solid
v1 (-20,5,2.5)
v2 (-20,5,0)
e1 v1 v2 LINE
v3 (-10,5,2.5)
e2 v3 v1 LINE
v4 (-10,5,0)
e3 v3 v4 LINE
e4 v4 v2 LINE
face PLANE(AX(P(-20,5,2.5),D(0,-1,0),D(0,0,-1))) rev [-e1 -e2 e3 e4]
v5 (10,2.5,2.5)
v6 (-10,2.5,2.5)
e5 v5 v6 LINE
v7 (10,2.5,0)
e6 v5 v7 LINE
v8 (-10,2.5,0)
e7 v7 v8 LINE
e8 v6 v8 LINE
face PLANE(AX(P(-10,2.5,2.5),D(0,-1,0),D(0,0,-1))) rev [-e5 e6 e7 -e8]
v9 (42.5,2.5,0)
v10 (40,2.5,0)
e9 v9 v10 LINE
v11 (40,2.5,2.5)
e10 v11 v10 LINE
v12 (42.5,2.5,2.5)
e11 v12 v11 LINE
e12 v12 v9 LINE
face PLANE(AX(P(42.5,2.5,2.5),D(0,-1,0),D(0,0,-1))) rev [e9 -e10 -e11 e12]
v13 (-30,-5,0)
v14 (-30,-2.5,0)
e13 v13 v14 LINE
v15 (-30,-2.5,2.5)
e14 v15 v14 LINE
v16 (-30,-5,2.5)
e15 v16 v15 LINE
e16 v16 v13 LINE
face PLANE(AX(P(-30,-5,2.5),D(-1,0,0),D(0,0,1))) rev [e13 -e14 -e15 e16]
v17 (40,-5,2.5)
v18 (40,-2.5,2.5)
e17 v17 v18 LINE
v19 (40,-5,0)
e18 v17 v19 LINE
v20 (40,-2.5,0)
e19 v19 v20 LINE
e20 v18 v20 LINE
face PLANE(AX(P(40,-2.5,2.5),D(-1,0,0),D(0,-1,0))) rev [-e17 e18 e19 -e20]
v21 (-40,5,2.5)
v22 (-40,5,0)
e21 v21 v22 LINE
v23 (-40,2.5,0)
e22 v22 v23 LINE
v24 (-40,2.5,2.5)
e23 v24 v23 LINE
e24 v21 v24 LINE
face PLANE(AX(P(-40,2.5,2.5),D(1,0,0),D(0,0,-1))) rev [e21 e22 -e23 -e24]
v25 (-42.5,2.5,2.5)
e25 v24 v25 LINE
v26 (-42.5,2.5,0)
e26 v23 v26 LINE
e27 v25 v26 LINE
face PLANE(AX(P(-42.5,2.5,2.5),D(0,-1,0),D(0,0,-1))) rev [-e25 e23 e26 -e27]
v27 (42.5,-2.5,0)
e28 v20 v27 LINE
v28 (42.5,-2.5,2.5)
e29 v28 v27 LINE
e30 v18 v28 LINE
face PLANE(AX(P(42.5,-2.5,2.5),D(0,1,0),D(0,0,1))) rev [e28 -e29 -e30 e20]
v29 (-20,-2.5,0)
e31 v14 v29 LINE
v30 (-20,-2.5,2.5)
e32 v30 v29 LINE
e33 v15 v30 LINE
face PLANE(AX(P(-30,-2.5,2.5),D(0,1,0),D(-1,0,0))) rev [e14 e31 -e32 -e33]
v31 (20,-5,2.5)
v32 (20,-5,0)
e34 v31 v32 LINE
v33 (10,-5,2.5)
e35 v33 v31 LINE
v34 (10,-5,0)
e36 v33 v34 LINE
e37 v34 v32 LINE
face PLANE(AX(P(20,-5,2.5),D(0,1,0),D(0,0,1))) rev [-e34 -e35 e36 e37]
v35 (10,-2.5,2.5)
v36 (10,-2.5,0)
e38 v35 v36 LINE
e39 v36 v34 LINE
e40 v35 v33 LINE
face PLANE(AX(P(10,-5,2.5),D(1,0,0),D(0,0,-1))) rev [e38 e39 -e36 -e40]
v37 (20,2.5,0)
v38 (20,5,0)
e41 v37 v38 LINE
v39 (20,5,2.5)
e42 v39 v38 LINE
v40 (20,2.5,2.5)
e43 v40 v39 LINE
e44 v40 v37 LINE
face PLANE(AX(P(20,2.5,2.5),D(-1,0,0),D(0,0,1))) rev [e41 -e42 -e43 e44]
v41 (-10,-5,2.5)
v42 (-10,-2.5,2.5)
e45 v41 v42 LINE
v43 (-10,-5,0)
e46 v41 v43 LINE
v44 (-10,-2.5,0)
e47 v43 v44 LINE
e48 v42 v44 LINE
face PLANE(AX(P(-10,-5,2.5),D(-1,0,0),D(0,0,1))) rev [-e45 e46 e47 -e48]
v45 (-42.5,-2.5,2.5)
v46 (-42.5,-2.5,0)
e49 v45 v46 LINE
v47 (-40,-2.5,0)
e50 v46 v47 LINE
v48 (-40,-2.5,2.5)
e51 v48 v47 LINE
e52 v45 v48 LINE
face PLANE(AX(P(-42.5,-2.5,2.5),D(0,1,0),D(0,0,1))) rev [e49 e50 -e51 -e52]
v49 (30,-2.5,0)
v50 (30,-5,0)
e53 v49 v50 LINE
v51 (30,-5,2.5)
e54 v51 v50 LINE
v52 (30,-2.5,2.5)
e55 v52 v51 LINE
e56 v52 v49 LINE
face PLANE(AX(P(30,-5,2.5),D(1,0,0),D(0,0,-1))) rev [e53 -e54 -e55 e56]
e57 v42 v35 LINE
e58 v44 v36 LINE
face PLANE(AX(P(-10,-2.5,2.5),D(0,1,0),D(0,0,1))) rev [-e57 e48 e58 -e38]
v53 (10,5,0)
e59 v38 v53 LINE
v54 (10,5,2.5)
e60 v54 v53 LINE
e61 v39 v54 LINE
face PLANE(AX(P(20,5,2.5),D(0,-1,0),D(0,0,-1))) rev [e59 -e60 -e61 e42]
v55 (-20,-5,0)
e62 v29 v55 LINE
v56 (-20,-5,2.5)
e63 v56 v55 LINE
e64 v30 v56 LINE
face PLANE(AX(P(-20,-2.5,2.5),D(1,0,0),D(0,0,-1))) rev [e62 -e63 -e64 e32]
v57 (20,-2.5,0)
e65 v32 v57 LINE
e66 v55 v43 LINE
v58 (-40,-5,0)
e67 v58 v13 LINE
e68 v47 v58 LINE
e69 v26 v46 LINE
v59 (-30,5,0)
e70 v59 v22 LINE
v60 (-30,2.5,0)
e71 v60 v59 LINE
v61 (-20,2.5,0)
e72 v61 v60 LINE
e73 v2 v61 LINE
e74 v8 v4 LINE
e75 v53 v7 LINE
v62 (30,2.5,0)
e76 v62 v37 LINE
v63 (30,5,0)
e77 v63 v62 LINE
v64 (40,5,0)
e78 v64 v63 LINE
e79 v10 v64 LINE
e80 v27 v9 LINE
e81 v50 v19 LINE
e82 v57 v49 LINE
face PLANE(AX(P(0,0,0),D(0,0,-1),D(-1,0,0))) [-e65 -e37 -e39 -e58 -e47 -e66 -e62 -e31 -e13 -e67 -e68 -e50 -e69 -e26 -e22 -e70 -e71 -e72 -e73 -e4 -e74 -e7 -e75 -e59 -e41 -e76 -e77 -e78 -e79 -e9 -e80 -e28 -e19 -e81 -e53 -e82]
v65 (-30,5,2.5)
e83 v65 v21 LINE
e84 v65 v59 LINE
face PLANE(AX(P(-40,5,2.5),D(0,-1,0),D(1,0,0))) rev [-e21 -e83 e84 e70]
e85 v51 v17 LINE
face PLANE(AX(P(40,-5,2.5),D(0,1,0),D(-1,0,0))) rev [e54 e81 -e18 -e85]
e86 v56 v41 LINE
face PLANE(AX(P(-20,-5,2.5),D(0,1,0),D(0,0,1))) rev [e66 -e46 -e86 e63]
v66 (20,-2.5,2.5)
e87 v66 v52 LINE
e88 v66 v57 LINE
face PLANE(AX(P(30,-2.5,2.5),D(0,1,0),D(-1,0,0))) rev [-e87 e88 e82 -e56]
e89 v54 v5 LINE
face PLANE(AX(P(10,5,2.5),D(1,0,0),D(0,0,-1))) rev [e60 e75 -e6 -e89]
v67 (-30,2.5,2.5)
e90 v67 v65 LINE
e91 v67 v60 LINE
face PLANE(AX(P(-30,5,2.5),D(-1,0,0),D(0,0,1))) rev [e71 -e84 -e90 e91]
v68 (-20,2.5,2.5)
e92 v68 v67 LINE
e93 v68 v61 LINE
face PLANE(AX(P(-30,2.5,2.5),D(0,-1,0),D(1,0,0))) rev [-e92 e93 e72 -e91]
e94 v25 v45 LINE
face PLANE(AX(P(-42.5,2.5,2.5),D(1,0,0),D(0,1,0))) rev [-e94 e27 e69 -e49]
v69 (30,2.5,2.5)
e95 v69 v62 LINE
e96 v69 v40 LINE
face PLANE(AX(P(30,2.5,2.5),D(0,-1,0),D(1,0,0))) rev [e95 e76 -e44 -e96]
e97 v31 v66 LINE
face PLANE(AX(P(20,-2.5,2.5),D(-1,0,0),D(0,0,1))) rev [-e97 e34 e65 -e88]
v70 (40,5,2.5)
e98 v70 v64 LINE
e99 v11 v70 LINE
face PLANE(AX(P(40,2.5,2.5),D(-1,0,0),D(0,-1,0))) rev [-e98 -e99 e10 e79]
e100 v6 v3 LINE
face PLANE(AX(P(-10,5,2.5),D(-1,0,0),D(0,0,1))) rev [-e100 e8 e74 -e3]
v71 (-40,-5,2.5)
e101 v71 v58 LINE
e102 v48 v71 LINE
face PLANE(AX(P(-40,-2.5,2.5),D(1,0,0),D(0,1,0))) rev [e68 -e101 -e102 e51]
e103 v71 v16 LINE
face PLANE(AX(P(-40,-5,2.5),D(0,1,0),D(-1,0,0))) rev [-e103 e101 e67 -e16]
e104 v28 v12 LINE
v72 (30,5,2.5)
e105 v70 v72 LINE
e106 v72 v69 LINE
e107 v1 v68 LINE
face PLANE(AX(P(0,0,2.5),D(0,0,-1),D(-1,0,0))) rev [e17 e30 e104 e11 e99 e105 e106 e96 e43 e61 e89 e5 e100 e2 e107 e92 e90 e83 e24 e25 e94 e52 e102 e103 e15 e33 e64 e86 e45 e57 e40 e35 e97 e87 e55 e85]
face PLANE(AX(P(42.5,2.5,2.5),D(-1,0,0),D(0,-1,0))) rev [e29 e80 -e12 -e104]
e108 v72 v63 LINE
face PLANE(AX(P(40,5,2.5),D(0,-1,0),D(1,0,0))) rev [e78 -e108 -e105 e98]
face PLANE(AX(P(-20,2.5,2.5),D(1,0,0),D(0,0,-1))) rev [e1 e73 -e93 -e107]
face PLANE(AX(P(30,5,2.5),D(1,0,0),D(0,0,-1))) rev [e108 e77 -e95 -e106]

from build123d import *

# Parameters (mm, degrees)
BOSS_EXTRUDE1_DEPTH = 2.5


with BuildPart() as part:
    # Sketch1 → Boss-Extrude1 (new body)
    with BuildSketch(Plane.XY):
        Polygon((-42.5, 2.5), (-40, 2.5), (-40, 5), (-30, 5), (-30, 2.5), (-20, 2.5), (-20, 5), (-10, 5), (-10, 2.5), (10, 2.5), (10, 5), (20, 5), (20, 2.5), (30, 2.5), (30, 5), (40, 5), (40, 2.5), (42.5, 2.5), (42.5, -2.5), (40, -2.5), (40, -5), (30, -5), (30, -2.5), (20, -2.5), (20, -5), (10, -5), (10, -2.5), (-10, -2.5), (-10, -5), (-20, -5), (-20, -2.5), (-30, -2.5), (-30, -5), (-40, -5), (-40, -2.5), (-42.5, -2.5), align=None)
    extrude(amount=BOSS_EXTRUDE1_DEPTH)


solid = part.part
